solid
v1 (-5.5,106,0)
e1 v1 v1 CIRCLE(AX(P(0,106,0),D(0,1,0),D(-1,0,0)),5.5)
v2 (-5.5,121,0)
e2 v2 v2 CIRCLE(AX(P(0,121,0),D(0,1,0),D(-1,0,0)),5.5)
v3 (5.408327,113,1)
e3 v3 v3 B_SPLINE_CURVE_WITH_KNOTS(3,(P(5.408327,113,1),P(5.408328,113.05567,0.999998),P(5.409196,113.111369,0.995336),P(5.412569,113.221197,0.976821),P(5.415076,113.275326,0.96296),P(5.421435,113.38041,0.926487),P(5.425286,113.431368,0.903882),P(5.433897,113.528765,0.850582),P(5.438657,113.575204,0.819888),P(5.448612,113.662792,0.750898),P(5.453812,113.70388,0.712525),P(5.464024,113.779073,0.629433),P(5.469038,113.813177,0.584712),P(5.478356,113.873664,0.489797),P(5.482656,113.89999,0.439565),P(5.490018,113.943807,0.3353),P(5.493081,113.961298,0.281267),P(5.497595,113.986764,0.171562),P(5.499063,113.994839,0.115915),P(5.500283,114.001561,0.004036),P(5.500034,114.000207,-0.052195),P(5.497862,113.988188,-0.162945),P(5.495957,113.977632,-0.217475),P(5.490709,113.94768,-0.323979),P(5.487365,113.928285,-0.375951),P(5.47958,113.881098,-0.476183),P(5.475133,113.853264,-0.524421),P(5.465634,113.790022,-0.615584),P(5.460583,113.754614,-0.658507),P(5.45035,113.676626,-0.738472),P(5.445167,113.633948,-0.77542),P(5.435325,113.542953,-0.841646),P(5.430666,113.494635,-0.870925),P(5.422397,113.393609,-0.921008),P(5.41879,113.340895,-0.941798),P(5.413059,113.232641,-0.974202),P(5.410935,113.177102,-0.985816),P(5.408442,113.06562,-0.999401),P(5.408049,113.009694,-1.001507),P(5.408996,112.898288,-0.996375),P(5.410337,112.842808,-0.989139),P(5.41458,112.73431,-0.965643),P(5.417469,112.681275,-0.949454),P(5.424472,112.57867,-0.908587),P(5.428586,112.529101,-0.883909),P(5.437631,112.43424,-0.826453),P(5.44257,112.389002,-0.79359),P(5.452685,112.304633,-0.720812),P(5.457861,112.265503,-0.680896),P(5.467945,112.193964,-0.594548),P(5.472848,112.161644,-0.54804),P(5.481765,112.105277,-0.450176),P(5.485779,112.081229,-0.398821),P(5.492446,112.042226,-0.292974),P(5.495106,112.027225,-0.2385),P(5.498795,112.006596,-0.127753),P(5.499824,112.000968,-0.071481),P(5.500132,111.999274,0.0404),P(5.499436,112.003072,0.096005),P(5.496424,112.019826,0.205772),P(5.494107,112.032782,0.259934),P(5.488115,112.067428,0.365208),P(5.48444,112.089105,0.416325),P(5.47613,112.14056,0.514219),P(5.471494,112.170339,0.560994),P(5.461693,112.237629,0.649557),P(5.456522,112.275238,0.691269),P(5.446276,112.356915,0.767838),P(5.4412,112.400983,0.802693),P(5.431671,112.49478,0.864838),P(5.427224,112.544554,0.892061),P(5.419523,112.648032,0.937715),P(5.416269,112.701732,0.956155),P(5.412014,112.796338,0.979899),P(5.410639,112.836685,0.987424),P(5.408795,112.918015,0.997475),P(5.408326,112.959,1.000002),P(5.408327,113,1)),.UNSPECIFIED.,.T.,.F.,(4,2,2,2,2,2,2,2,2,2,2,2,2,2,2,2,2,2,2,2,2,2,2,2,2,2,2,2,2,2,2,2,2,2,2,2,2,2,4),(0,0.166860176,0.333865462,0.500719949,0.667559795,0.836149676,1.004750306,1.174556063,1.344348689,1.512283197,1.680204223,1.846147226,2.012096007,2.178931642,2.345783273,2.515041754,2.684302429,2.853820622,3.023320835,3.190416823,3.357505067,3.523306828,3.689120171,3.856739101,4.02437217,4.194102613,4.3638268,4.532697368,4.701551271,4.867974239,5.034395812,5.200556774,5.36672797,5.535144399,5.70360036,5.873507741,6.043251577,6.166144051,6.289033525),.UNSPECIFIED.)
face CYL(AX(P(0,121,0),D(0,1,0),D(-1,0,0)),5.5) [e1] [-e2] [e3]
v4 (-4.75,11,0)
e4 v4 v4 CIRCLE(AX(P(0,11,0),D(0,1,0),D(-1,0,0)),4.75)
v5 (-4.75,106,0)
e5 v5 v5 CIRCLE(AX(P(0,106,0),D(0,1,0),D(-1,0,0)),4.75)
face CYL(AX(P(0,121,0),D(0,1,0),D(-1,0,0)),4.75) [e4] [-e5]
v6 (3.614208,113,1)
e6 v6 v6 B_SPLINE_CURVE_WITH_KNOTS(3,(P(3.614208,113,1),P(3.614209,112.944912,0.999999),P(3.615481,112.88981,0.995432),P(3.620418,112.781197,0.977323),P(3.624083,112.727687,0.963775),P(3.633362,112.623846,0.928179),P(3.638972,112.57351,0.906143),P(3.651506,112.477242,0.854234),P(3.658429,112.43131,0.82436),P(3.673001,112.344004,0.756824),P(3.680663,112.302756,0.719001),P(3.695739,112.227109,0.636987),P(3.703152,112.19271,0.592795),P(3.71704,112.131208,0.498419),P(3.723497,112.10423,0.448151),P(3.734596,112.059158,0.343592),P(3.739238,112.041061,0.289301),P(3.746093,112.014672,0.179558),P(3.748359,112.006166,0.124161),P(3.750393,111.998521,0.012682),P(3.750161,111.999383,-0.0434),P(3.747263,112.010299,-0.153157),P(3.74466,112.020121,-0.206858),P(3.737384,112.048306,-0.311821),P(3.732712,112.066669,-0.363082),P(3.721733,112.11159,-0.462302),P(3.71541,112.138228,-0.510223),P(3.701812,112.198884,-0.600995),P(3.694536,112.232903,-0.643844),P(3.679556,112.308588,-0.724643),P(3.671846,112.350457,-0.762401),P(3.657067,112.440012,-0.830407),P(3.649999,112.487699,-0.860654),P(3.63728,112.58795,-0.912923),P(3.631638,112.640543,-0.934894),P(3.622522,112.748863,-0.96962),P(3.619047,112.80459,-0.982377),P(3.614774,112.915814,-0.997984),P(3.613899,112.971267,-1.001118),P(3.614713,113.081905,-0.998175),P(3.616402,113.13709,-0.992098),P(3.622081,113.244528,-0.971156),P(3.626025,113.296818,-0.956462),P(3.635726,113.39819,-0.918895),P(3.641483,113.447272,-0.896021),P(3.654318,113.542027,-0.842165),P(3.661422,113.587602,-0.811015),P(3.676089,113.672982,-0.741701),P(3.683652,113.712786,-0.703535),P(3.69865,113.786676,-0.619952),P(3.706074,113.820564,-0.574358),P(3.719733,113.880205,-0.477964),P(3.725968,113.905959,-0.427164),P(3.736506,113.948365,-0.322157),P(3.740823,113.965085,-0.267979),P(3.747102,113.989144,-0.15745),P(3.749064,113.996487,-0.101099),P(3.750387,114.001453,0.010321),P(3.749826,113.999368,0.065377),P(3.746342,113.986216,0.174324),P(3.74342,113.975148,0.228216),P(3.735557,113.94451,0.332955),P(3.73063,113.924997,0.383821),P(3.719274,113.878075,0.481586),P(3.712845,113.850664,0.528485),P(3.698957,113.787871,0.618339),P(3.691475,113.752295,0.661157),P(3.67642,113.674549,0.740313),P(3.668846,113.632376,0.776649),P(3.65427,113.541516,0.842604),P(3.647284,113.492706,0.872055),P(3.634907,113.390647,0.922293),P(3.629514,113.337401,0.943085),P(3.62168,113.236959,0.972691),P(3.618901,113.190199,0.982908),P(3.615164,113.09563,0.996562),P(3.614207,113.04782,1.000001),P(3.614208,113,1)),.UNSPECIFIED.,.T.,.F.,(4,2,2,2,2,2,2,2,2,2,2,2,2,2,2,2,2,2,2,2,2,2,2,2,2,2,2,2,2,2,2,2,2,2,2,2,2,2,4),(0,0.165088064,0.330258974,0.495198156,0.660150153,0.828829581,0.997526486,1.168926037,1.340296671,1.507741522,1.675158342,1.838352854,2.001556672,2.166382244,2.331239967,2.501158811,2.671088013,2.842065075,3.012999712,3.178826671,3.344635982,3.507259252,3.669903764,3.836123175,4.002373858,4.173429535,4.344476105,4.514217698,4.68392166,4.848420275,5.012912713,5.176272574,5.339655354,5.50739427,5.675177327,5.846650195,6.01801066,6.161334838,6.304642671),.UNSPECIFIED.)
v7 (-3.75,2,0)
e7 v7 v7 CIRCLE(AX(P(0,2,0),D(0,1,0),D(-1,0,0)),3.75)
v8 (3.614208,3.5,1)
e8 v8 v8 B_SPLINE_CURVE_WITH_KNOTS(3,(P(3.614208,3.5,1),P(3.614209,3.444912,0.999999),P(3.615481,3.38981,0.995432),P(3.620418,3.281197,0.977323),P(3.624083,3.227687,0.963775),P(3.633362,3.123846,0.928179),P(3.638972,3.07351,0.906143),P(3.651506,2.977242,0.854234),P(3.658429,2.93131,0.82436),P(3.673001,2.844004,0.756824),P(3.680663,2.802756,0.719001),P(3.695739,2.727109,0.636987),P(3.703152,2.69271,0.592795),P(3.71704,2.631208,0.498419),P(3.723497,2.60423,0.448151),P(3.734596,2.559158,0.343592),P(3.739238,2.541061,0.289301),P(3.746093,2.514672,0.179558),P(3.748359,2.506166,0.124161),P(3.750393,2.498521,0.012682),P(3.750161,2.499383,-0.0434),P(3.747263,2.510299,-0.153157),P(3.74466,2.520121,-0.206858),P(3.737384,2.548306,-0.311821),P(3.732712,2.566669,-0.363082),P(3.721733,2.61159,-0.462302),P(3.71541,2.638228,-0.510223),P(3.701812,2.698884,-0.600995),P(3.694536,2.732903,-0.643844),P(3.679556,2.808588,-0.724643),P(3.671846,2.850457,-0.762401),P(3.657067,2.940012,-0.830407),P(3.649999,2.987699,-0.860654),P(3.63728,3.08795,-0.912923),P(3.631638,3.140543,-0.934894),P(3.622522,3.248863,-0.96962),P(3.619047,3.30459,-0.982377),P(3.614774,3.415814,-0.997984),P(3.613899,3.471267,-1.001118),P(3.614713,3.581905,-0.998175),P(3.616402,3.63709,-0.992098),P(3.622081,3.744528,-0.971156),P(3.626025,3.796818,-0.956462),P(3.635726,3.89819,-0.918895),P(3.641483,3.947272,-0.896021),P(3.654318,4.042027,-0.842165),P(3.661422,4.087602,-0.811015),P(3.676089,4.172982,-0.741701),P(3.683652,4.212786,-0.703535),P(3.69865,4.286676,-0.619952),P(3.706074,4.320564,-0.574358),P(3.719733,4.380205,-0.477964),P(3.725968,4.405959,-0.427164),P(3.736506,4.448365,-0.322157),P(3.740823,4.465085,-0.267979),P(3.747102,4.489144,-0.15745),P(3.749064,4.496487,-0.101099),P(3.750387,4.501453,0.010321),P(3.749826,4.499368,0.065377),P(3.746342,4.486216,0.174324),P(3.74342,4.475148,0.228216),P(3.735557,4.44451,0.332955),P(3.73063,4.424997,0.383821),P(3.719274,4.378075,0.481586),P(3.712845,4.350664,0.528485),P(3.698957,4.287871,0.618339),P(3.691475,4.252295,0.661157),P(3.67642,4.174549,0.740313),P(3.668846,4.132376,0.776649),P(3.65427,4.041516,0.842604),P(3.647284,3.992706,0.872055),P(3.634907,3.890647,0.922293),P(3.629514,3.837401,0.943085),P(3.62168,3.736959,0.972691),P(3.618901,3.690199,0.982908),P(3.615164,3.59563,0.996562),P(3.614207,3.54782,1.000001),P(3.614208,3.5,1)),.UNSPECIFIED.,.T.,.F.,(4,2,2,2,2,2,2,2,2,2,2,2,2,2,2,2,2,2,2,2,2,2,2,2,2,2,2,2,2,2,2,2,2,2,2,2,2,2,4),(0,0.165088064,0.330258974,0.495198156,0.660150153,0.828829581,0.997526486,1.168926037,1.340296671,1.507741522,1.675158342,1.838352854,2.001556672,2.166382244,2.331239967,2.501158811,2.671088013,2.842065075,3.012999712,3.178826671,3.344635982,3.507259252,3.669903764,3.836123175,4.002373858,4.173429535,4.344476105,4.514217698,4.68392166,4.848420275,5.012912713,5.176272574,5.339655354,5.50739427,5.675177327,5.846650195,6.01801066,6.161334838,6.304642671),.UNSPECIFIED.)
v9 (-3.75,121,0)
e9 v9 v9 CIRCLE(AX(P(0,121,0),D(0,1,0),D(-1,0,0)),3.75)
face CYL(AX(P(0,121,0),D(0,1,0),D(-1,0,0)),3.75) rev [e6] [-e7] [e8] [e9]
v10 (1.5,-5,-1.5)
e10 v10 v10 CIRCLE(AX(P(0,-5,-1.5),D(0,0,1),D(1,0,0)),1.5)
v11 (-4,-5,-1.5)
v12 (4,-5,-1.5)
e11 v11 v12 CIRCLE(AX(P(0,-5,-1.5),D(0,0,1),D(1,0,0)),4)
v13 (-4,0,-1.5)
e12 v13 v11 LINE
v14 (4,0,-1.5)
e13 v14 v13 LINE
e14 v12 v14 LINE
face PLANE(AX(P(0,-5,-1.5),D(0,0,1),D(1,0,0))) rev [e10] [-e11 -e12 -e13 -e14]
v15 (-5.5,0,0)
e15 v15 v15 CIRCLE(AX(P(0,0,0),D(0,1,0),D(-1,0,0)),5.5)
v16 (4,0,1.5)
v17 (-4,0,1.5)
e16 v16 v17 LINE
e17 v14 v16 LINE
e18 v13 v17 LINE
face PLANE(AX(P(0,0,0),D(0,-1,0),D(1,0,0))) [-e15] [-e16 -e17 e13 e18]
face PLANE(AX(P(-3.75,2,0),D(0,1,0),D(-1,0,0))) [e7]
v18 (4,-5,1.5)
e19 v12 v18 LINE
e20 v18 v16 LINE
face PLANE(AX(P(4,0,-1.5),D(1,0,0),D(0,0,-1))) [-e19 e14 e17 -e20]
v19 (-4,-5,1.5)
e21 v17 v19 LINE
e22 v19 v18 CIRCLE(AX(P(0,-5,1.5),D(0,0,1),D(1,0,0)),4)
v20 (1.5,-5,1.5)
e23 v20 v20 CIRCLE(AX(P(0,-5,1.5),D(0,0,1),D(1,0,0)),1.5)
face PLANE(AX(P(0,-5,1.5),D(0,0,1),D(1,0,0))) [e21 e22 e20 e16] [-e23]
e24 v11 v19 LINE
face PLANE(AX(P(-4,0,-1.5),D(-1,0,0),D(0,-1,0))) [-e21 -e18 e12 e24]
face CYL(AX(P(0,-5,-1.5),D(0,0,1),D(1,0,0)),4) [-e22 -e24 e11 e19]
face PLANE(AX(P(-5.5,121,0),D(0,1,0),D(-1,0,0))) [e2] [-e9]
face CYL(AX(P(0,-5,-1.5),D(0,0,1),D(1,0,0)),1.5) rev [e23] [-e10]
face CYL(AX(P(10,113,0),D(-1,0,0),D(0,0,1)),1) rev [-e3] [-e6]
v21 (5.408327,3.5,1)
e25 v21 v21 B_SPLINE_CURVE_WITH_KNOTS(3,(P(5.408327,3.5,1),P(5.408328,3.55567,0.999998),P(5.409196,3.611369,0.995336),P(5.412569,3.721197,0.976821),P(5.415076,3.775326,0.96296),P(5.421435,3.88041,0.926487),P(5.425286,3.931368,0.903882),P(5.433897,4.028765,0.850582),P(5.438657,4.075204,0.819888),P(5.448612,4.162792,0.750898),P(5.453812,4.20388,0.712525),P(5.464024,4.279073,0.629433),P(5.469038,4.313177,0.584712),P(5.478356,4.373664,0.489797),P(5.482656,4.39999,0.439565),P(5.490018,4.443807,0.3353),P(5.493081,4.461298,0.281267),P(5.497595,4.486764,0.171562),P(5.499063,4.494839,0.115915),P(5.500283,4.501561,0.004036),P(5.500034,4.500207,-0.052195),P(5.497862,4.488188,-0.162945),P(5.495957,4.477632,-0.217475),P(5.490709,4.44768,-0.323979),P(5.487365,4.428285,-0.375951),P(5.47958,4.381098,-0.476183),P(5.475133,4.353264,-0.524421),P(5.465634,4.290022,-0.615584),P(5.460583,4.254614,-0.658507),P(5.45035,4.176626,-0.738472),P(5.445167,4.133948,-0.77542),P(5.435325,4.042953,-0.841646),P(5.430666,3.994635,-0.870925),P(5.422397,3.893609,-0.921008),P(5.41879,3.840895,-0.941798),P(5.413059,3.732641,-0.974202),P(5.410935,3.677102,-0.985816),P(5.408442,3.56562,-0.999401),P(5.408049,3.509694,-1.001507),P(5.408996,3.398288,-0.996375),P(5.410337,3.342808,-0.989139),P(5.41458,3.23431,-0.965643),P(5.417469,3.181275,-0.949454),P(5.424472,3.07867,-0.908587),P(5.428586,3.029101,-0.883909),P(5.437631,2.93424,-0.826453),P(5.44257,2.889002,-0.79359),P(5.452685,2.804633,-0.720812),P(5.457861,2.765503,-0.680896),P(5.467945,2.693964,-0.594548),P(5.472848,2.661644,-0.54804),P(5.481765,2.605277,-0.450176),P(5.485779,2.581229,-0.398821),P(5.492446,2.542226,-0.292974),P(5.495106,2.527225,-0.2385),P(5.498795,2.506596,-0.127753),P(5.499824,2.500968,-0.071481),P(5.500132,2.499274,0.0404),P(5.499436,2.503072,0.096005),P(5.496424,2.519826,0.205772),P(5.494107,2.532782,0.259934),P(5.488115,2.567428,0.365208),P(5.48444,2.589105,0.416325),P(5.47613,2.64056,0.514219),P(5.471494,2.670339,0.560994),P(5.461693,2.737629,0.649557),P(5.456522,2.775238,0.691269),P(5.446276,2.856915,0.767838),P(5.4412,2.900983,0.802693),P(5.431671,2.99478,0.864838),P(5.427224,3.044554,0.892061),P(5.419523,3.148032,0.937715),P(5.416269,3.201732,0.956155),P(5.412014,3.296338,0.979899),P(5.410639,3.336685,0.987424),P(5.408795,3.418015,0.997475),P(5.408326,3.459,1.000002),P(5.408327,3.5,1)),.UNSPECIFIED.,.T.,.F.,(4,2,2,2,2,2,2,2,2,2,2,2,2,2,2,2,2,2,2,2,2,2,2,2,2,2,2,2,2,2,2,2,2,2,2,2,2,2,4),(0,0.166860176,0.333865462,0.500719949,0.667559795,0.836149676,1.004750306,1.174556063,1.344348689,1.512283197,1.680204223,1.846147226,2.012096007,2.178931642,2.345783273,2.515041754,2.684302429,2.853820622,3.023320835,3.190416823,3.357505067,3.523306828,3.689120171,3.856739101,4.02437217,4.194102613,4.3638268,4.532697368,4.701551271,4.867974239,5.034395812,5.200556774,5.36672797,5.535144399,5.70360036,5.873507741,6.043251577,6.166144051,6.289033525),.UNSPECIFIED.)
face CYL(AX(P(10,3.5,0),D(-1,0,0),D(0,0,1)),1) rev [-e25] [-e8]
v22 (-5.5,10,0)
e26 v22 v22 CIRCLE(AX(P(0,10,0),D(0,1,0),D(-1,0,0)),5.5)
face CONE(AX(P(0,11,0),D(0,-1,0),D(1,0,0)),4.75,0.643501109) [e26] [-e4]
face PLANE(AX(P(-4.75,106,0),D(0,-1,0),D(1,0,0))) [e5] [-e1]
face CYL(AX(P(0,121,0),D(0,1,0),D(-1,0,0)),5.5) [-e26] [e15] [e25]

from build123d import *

# Parameters (mm, degrees)
BOSS_EXTRUDE1_DEPTH      = 1.5
BOSS_EXTRUDE1_DEPTH_BACK = 1.5
SKETCH2_R                = 1.5
SKETCH3_R                = 1
CUT_EXTRUDE1_DEPTH       = 10


with BuildPart() as part:
    # Sketch1 → Revolve1 (revolve)
    with BuildSketch(Plane.XY):
        Polygon((0, 0), (-5.5, 0), (-5.5, 10), (-4.75, 11), (-4.75, 106), (-5.5, 106), (-5.5, 121), (-3.75, 121), (-3.75, 2), (0, 2), align=None)
    revolve(axis=Axis((0, 121, 0), (0, -1, 0)))

    # Sketch2 → Boss-Extrude1 (add, two sides: drawn at the far end of the back side and taken through both)
    with BuildSketch(Plane.XY.offset(-BOSS_EXTRUDE1_DEPTH_BACK)):
        with BuildLine():
            Line((-4, 0), (4, 0))
            Line((4, 0), (4, -5))
            ThreePointArc((4, -5), (0, -9), (-4, -5))
            Line((-4, -5), (-4, 0))
        make_face()
        with Locations((0, -5)):
            Circle(SKETCH2_R, mode=Mode.SUBTRACT)
    extrude(amount=BOSS_EXTRUDE1_DEPTH + BOSS_EXTRUDE1_DEPTH_BACK)

    # Sketch3 → Cut-Extrude1 (cut)
    with BuildSketch(Plane(origin=(0, 0, 0), x_dir=(0, 0, -1), z_dir=(1, 0, 0))):
        with Locations((0, 3.5)):
            Circle(SKETCH3_R)
        with Locations((0, 113)):
            Circle(SKETCH3_R)
    extrude(amount=CUT_EXTRUDE1_DEPTH, mode=Mode.SUBTRACT)


solid = part.part
